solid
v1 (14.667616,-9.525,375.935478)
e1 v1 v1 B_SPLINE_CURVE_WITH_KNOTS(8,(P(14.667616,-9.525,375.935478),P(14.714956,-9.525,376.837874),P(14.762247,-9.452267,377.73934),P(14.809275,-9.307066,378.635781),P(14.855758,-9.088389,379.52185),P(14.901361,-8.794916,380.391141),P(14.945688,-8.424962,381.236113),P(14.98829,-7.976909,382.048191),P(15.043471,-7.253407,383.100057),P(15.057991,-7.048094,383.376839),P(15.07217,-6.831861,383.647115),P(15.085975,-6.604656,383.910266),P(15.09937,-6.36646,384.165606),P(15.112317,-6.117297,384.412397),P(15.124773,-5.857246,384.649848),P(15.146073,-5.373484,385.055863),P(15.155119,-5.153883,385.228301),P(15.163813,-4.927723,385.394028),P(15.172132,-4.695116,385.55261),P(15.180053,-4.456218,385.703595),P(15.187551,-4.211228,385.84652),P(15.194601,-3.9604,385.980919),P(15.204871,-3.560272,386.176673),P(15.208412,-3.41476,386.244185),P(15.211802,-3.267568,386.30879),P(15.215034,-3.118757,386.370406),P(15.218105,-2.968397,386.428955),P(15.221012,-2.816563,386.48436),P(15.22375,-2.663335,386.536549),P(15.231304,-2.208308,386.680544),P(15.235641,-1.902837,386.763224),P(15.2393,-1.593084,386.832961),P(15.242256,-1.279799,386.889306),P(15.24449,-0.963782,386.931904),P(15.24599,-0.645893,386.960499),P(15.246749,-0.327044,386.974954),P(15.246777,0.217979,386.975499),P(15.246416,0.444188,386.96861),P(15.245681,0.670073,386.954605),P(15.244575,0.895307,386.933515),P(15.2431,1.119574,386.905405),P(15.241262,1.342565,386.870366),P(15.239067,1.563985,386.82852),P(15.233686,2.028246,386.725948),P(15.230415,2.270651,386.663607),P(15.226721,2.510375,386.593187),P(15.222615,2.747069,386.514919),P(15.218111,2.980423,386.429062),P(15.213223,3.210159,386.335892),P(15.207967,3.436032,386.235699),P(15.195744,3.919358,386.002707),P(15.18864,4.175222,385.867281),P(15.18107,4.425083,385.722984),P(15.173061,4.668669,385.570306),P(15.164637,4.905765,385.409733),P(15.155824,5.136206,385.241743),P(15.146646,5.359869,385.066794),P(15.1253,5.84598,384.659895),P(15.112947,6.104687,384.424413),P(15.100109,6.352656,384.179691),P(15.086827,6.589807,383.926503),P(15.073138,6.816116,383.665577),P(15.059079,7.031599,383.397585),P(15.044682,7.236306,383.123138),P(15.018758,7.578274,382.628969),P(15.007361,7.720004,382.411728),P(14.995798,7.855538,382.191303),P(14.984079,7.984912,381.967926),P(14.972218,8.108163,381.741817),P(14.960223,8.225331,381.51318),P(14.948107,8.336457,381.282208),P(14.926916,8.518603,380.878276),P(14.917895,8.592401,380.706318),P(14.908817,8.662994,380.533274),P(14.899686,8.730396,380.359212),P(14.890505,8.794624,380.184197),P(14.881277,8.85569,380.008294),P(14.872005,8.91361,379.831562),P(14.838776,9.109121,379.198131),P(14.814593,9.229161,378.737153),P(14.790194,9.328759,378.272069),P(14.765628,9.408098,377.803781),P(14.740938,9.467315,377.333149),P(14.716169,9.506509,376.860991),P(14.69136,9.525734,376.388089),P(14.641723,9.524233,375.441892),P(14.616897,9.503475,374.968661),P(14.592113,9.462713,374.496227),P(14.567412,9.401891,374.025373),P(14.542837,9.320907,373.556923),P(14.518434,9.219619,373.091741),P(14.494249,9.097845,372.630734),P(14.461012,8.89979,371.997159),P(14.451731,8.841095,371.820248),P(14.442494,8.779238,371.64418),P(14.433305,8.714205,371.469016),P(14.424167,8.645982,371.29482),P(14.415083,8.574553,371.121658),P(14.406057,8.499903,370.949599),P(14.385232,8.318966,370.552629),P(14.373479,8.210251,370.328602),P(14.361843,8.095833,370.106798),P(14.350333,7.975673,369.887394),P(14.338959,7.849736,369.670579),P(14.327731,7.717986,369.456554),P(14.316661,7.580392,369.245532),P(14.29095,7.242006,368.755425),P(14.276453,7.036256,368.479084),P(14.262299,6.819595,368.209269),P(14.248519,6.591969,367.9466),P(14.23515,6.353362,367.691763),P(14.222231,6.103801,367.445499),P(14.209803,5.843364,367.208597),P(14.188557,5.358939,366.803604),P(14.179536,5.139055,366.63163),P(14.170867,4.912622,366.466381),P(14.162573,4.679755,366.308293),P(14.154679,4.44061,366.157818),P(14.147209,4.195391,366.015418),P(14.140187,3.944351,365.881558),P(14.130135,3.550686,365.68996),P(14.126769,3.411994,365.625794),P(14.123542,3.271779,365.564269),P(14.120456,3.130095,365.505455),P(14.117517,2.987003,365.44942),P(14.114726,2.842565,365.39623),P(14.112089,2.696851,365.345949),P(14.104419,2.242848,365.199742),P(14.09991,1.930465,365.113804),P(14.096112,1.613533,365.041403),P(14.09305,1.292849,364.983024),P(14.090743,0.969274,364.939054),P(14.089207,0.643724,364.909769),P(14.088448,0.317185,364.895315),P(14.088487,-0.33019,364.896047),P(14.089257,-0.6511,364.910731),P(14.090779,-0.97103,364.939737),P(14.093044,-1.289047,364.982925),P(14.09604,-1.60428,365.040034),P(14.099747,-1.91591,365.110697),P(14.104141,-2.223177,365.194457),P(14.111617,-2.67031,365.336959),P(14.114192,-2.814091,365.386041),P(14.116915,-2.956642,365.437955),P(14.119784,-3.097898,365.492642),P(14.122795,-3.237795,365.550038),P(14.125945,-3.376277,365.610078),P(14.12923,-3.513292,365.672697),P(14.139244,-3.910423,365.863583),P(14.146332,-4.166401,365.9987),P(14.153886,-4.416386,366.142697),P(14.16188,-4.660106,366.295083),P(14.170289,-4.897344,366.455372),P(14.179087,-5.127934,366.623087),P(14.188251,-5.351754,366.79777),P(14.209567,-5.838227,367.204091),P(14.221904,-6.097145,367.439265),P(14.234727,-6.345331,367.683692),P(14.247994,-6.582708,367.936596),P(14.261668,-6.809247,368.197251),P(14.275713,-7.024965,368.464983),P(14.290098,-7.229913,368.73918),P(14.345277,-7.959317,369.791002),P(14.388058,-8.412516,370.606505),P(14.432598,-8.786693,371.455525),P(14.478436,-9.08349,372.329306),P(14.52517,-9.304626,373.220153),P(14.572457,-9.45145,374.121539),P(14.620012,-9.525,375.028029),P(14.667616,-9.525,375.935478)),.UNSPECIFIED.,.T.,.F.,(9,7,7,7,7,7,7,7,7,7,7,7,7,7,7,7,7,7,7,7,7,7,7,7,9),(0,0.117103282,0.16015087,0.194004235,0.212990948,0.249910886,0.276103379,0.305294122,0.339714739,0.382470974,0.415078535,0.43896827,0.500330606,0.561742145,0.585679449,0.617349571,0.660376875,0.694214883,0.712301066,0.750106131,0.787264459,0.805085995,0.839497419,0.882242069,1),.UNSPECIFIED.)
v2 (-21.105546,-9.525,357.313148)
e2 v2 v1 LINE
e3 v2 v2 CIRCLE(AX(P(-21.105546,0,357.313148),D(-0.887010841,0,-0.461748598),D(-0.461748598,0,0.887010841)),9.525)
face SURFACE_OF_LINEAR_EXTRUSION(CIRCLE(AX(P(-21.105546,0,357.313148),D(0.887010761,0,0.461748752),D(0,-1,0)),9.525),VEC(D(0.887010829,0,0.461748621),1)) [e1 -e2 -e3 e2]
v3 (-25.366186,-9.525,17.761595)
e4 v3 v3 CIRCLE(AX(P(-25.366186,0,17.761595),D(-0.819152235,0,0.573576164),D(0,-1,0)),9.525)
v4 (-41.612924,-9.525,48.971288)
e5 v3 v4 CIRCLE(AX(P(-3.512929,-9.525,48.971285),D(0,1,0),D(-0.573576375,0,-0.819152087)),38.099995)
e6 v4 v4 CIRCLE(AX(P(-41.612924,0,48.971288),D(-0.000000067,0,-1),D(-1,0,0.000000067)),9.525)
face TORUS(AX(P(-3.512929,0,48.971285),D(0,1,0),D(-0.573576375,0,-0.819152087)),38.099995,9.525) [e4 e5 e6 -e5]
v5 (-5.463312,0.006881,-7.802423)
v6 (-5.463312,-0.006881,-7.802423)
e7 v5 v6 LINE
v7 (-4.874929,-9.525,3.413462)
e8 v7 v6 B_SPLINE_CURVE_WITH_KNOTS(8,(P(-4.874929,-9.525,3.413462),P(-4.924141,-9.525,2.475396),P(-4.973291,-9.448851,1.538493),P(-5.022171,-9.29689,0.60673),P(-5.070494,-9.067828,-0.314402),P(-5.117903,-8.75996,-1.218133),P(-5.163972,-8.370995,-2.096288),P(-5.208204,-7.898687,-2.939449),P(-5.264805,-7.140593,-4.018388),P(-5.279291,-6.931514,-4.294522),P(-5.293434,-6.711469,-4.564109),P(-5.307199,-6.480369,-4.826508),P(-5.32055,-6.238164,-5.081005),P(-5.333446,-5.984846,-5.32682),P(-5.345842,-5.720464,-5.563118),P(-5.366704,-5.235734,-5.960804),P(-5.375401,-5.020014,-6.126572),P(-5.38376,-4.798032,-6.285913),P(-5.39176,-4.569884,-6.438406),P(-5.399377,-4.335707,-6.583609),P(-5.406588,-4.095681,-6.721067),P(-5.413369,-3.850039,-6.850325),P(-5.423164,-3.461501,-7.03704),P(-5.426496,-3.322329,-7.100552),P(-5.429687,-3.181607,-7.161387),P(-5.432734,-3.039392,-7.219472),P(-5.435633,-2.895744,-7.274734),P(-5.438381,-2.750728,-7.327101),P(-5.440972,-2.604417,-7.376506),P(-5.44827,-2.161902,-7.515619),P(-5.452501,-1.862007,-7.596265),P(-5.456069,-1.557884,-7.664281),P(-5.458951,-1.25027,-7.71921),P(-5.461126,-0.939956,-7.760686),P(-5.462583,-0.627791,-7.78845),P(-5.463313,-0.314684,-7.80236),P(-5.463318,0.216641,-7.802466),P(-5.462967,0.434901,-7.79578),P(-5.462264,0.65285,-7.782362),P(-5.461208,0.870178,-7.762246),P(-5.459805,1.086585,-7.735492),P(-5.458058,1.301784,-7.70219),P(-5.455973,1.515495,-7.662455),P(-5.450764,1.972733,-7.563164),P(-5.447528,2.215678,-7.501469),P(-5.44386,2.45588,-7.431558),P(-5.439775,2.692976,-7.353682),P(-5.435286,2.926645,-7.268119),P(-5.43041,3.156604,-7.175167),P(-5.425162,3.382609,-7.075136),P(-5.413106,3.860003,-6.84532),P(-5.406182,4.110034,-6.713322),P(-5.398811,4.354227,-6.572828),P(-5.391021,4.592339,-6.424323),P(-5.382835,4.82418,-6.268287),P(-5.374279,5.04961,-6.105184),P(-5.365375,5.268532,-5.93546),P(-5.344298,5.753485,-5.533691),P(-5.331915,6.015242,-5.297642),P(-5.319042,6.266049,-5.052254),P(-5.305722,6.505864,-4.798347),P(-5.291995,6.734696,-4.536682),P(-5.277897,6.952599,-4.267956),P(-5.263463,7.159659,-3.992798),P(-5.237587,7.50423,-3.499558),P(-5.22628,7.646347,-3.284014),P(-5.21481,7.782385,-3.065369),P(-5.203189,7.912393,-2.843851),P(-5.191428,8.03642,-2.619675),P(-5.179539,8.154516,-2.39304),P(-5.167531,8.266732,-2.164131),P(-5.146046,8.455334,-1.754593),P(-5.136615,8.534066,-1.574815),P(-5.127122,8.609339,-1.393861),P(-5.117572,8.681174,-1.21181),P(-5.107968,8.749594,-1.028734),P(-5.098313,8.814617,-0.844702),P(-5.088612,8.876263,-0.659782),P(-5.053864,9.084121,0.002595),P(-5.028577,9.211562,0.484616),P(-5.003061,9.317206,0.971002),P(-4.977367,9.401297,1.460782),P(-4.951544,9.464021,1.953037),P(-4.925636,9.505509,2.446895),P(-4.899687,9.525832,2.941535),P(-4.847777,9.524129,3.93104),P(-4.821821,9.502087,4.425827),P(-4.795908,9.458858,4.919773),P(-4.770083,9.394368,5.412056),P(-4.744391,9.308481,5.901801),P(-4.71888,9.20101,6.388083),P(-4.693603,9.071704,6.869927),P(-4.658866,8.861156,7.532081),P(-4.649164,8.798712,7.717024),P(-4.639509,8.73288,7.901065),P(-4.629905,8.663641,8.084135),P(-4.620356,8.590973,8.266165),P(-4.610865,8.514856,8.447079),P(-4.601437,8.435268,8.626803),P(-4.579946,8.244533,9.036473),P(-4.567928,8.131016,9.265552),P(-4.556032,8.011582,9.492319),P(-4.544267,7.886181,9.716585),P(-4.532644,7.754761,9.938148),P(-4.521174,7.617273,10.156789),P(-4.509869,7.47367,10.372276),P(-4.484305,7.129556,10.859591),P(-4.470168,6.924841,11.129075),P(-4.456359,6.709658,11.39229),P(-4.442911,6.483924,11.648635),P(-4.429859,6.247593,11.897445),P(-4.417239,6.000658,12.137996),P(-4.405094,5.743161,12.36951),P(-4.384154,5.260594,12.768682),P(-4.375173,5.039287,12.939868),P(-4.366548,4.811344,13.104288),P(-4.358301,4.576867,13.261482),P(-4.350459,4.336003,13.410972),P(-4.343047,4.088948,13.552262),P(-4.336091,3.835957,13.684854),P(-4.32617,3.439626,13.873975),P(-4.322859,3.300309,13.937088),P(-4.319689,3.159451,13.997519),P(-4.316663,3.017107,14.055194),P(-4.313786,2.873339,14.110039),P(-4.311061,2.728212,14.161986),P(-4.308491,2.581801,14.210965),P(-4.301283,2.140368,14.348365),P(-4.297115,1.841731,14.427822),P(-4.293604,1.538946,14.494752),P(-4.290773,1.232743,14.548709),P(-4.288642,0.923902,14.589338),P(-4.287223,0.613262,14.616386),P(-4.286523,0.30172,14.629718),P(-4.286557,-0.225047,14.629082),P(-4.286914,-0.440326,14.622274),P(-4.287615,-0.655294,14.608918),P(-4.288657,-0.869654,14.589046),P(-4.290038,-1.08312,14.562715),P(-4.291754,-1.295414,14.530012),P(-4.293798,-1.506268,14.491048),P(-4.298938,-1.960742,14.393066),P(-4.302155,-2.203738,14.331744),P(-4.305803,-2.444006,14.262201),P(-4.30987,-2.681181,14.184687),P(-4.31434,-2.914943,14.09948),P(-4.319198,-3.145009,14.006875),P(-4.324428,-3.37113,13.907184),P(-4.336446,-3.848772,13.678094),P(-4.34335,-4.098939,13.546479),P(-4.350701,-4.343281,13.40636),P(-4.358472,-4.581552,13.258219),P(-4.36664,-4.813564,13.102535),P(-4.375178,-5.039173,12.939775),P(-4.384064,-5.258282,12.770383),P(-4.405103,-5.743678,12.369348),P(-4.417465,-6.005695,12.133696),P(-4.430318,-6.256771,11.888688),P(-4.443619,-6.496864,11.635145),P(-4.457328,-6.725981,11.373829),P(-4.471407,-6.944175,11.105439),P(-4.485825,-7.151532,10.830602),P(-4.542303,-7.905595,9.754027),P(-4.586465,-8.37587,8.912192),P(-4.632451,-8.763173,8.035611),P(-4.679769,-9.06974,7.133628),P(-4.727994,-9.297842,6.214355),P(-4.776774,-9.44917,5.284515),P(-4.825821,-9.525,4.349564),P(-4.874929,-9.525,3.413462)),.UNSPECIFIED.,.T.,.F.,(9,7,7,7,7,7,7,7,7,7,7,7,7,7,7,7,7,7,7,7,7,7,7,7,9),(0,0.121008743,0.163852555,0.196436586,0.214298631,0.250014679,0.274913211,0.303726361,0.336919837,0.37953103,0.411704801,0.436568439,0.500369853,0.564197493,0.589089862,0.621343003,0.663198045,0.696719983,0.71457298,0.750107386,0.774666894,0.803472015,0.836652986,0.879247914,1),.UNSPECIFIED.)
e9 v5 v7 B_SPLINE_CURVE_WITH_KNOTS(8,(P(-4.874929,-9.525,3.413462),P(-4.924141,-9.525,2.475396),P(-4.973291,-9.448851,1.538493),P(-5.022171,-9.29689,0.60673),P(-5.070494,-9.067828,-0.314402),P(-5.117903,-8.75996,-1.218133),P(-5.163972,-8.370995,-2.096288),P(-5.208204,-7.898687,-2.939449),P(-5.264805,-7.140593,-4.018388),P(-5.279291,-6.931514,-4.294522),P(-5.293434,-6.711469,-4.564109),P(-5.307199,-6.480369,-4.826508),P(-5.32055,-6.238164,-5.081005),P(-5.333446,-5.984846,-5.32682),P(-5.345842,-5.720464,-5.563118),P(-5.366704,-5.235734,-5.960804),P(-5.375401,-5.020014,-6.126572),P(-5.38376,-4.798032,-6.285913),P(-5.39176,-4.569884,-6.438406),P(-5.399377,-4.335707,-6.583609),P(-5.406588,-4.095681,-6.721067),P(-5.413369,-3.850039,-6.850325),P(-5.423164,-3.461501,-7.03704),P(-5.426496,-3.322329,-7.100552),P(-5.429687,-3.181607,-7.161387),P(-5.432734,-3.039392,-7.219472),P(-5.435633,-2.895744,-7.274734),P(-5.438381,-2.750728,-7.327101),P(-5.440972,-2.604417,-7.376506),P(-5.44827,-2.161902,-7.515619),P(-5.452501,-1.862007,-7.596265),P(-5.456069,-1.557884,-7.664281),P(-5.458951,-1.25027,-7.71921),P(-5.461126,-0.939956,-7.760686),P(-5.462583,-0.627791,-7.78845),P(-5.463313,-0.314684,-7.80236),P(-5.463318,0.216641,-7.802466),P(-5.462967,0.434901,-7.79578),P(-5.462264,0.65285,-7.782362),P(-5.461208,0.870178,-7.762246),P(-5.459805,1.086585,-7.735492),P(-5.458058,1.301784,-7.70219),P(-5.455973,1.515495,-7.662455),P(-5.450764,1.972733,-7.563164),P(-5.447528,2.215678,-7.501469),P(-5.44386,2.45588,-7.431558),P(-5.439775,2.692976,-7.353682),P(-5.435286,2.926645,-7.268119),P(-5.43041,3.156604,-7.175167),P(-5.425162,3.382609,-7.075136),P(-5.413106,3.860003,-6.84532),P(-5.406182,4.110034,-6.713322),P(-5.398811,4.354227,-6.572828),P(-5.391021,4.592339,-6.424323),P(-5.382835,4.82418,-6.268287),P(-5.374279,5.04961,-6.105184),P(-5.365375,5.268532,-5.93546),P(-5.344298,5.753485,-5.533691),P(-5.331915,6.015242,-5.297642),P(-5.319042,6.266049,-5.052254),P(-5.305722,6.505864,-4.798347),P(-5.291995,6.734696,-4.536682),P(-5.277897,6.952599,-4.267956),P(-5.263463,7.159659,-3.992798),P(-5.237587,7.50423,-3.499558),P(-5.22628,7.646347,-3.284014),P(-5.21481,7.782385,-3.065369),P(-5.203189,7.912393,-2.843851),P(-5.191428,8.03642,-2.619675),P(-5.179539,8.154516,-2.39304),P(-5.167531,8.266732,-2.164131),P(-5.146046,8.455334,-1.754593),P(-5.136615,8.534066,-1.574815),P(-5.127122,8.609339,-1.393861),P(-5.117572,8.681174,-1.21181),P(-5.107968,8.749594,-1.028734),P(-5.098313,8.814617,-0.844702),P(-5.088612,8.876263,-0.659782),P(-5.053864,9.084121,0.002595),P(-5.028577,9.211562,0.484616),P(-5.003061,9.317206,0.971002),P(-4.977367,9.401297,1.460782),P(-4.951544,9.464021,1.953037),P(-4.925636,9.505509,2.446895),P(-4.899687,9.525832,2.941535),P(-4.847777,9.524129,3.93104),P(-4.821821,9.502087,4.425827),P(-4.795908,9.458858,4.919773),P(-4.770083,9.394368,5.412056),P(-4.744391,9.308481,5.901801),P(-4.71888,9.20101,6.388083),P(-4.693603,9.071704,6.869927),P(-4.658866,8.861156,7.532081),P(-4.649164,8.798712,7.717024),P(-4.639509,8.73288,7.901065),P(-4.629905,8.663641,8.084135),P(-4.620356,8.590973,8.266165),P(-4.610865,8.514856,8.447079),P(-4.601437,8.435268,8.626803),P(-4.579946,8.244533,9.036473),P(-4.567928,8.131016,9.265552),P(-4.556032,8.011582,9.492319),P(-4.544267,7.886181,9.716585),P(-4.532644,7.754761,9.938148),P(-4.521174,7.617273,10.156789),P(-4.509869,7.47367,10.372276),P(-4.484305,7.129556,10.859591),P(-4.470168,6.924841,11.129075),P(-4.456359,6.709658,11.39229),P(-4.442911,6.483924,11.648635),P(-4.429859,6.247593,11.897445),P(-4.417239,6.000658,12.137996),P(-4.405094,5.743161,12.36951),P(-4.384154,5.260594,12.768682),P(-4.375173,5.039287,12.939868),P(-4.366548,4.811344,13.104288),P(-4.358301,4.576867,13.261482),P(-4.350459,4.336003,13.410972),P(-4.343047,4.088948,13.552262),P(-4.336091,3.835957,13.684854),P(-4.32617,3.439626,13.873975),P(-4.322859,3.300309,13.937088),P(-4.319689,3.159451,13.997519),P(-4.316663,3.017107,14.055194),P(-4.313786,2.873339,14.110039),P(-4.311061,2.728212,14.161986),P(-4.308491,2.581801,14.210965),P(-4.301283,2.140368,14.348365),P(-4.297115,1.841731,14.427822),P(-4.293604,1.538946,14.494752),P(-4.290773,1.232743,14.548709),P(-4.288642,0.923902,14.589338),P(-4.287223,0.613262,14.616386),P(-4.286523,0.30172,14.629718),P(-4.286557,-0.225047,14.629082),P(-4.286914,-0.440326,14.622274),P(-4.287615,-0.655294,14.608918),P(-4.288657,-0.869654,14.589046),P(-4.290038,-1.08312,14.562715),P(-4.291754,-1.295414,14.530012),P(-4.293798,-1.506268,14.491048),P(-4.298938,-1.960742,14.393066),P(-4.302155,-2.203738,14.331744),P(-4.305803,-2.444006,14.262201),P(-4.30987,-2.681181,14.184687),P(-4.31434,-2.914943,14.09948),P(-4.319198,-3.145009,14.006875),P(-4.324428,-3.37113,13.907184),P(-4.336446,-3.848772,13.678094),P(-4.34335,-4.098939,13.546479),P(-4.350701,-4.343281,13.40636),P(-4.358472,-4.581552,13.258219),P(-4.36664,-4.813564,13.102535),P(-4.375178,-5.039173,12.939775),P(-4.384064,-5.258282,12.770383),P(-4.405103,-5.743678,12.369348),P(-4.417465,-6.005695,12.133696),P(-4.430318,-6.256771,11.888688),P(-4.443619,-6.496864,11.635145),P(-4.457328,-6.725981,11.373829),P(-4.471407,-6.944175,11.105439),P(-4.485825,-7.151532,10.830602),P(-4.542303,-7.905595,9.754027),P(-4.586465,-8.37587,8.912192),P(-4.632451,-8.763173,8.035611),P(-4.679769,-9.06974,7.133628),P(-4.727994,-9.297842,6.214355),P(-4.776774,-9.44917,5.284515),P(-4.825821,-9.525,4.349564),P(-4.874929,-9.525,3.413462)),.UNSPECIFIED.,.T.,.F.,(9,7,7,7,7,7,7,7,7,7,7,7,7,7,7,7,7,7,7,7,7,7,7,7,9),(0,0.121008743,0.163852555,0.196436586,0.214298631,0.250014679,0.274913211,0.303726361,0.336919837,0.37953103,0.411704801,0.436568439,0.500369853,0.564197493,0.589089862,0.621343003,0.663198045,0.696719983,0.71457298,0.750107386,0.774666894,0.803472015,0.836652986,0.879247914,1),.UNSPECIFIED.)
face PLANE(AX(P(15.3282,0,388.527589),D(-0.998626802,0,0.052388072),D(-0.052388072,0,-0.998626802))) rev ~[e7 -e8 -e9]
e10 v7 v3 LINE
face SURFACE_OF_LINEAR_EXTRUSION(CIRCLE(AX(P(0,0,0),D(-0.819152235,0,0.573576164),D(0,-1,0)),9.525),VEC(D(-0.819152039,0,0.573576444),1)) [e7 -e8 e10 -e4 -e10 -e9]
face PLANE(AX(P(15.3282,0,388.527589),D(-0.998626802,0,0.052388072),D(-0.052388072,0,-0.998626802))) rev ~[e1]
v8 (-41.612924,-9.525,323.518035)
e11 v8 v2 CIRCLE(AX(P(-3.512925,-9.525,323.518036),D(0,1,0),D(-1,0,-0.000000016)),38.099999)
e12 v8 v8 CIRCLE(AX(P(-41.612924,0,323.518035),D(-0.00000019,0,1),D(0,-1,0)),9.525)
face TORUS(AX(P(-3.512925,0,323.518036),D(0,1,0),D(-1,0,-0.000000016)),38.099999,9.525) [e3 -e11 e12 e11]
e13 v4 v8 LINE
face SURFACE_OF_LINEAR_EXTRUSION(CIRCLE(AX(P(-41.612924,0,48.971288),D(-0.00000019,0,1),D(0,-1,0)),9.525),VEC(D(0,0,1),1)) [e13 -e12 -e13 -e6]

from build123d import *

# Parameters (mm, degrees)
F2_R     = 9.525
F5_DEPTH = 12.7


with BuildPart() as f3:
    # F3: sweep along a path in F0
    with BuildLine(Plane.XZ) as f3_path:
        Line((0, 0), (-25.366186, 17.761595))
        ThreePointArc((-25.366186, 17.761595), (-37.308037, 31.378665), (-41.612924, 48.971288))
        Line((-41.612924, 48.971288), (-41.612924, 323.518035))
        ThreePointArc((-41.612924, 323.518035), (-36.085066, 343.283297), (-21.105546, 357.313148))
        Line((-21.105546, 357.313148), (20.344783, 378.890824))
    # F2 (on face) → F3 (sweep)
    with BuildSketch(Plane(origin=(0, 0, 0), x_dir=(0, -1, 0), z_dir=(-0.819152, 0, 0.573576))):
        Circle(F2_R)
    sweep(path=f3_path.line)

    # F4 (on Front) → F5 (cut, symmetric)
    with BuildSketch(Plane.XZ):
        Polygon((15.3282, 388.527589), (-5.463316, -7.802423), (13.586684, -7.802423), (34.3782, 388.527589), align=None)
    extrude(amount=F5_DEPTH, both=True, mode=Mode.SUBTRACT)


solid = f3.part
